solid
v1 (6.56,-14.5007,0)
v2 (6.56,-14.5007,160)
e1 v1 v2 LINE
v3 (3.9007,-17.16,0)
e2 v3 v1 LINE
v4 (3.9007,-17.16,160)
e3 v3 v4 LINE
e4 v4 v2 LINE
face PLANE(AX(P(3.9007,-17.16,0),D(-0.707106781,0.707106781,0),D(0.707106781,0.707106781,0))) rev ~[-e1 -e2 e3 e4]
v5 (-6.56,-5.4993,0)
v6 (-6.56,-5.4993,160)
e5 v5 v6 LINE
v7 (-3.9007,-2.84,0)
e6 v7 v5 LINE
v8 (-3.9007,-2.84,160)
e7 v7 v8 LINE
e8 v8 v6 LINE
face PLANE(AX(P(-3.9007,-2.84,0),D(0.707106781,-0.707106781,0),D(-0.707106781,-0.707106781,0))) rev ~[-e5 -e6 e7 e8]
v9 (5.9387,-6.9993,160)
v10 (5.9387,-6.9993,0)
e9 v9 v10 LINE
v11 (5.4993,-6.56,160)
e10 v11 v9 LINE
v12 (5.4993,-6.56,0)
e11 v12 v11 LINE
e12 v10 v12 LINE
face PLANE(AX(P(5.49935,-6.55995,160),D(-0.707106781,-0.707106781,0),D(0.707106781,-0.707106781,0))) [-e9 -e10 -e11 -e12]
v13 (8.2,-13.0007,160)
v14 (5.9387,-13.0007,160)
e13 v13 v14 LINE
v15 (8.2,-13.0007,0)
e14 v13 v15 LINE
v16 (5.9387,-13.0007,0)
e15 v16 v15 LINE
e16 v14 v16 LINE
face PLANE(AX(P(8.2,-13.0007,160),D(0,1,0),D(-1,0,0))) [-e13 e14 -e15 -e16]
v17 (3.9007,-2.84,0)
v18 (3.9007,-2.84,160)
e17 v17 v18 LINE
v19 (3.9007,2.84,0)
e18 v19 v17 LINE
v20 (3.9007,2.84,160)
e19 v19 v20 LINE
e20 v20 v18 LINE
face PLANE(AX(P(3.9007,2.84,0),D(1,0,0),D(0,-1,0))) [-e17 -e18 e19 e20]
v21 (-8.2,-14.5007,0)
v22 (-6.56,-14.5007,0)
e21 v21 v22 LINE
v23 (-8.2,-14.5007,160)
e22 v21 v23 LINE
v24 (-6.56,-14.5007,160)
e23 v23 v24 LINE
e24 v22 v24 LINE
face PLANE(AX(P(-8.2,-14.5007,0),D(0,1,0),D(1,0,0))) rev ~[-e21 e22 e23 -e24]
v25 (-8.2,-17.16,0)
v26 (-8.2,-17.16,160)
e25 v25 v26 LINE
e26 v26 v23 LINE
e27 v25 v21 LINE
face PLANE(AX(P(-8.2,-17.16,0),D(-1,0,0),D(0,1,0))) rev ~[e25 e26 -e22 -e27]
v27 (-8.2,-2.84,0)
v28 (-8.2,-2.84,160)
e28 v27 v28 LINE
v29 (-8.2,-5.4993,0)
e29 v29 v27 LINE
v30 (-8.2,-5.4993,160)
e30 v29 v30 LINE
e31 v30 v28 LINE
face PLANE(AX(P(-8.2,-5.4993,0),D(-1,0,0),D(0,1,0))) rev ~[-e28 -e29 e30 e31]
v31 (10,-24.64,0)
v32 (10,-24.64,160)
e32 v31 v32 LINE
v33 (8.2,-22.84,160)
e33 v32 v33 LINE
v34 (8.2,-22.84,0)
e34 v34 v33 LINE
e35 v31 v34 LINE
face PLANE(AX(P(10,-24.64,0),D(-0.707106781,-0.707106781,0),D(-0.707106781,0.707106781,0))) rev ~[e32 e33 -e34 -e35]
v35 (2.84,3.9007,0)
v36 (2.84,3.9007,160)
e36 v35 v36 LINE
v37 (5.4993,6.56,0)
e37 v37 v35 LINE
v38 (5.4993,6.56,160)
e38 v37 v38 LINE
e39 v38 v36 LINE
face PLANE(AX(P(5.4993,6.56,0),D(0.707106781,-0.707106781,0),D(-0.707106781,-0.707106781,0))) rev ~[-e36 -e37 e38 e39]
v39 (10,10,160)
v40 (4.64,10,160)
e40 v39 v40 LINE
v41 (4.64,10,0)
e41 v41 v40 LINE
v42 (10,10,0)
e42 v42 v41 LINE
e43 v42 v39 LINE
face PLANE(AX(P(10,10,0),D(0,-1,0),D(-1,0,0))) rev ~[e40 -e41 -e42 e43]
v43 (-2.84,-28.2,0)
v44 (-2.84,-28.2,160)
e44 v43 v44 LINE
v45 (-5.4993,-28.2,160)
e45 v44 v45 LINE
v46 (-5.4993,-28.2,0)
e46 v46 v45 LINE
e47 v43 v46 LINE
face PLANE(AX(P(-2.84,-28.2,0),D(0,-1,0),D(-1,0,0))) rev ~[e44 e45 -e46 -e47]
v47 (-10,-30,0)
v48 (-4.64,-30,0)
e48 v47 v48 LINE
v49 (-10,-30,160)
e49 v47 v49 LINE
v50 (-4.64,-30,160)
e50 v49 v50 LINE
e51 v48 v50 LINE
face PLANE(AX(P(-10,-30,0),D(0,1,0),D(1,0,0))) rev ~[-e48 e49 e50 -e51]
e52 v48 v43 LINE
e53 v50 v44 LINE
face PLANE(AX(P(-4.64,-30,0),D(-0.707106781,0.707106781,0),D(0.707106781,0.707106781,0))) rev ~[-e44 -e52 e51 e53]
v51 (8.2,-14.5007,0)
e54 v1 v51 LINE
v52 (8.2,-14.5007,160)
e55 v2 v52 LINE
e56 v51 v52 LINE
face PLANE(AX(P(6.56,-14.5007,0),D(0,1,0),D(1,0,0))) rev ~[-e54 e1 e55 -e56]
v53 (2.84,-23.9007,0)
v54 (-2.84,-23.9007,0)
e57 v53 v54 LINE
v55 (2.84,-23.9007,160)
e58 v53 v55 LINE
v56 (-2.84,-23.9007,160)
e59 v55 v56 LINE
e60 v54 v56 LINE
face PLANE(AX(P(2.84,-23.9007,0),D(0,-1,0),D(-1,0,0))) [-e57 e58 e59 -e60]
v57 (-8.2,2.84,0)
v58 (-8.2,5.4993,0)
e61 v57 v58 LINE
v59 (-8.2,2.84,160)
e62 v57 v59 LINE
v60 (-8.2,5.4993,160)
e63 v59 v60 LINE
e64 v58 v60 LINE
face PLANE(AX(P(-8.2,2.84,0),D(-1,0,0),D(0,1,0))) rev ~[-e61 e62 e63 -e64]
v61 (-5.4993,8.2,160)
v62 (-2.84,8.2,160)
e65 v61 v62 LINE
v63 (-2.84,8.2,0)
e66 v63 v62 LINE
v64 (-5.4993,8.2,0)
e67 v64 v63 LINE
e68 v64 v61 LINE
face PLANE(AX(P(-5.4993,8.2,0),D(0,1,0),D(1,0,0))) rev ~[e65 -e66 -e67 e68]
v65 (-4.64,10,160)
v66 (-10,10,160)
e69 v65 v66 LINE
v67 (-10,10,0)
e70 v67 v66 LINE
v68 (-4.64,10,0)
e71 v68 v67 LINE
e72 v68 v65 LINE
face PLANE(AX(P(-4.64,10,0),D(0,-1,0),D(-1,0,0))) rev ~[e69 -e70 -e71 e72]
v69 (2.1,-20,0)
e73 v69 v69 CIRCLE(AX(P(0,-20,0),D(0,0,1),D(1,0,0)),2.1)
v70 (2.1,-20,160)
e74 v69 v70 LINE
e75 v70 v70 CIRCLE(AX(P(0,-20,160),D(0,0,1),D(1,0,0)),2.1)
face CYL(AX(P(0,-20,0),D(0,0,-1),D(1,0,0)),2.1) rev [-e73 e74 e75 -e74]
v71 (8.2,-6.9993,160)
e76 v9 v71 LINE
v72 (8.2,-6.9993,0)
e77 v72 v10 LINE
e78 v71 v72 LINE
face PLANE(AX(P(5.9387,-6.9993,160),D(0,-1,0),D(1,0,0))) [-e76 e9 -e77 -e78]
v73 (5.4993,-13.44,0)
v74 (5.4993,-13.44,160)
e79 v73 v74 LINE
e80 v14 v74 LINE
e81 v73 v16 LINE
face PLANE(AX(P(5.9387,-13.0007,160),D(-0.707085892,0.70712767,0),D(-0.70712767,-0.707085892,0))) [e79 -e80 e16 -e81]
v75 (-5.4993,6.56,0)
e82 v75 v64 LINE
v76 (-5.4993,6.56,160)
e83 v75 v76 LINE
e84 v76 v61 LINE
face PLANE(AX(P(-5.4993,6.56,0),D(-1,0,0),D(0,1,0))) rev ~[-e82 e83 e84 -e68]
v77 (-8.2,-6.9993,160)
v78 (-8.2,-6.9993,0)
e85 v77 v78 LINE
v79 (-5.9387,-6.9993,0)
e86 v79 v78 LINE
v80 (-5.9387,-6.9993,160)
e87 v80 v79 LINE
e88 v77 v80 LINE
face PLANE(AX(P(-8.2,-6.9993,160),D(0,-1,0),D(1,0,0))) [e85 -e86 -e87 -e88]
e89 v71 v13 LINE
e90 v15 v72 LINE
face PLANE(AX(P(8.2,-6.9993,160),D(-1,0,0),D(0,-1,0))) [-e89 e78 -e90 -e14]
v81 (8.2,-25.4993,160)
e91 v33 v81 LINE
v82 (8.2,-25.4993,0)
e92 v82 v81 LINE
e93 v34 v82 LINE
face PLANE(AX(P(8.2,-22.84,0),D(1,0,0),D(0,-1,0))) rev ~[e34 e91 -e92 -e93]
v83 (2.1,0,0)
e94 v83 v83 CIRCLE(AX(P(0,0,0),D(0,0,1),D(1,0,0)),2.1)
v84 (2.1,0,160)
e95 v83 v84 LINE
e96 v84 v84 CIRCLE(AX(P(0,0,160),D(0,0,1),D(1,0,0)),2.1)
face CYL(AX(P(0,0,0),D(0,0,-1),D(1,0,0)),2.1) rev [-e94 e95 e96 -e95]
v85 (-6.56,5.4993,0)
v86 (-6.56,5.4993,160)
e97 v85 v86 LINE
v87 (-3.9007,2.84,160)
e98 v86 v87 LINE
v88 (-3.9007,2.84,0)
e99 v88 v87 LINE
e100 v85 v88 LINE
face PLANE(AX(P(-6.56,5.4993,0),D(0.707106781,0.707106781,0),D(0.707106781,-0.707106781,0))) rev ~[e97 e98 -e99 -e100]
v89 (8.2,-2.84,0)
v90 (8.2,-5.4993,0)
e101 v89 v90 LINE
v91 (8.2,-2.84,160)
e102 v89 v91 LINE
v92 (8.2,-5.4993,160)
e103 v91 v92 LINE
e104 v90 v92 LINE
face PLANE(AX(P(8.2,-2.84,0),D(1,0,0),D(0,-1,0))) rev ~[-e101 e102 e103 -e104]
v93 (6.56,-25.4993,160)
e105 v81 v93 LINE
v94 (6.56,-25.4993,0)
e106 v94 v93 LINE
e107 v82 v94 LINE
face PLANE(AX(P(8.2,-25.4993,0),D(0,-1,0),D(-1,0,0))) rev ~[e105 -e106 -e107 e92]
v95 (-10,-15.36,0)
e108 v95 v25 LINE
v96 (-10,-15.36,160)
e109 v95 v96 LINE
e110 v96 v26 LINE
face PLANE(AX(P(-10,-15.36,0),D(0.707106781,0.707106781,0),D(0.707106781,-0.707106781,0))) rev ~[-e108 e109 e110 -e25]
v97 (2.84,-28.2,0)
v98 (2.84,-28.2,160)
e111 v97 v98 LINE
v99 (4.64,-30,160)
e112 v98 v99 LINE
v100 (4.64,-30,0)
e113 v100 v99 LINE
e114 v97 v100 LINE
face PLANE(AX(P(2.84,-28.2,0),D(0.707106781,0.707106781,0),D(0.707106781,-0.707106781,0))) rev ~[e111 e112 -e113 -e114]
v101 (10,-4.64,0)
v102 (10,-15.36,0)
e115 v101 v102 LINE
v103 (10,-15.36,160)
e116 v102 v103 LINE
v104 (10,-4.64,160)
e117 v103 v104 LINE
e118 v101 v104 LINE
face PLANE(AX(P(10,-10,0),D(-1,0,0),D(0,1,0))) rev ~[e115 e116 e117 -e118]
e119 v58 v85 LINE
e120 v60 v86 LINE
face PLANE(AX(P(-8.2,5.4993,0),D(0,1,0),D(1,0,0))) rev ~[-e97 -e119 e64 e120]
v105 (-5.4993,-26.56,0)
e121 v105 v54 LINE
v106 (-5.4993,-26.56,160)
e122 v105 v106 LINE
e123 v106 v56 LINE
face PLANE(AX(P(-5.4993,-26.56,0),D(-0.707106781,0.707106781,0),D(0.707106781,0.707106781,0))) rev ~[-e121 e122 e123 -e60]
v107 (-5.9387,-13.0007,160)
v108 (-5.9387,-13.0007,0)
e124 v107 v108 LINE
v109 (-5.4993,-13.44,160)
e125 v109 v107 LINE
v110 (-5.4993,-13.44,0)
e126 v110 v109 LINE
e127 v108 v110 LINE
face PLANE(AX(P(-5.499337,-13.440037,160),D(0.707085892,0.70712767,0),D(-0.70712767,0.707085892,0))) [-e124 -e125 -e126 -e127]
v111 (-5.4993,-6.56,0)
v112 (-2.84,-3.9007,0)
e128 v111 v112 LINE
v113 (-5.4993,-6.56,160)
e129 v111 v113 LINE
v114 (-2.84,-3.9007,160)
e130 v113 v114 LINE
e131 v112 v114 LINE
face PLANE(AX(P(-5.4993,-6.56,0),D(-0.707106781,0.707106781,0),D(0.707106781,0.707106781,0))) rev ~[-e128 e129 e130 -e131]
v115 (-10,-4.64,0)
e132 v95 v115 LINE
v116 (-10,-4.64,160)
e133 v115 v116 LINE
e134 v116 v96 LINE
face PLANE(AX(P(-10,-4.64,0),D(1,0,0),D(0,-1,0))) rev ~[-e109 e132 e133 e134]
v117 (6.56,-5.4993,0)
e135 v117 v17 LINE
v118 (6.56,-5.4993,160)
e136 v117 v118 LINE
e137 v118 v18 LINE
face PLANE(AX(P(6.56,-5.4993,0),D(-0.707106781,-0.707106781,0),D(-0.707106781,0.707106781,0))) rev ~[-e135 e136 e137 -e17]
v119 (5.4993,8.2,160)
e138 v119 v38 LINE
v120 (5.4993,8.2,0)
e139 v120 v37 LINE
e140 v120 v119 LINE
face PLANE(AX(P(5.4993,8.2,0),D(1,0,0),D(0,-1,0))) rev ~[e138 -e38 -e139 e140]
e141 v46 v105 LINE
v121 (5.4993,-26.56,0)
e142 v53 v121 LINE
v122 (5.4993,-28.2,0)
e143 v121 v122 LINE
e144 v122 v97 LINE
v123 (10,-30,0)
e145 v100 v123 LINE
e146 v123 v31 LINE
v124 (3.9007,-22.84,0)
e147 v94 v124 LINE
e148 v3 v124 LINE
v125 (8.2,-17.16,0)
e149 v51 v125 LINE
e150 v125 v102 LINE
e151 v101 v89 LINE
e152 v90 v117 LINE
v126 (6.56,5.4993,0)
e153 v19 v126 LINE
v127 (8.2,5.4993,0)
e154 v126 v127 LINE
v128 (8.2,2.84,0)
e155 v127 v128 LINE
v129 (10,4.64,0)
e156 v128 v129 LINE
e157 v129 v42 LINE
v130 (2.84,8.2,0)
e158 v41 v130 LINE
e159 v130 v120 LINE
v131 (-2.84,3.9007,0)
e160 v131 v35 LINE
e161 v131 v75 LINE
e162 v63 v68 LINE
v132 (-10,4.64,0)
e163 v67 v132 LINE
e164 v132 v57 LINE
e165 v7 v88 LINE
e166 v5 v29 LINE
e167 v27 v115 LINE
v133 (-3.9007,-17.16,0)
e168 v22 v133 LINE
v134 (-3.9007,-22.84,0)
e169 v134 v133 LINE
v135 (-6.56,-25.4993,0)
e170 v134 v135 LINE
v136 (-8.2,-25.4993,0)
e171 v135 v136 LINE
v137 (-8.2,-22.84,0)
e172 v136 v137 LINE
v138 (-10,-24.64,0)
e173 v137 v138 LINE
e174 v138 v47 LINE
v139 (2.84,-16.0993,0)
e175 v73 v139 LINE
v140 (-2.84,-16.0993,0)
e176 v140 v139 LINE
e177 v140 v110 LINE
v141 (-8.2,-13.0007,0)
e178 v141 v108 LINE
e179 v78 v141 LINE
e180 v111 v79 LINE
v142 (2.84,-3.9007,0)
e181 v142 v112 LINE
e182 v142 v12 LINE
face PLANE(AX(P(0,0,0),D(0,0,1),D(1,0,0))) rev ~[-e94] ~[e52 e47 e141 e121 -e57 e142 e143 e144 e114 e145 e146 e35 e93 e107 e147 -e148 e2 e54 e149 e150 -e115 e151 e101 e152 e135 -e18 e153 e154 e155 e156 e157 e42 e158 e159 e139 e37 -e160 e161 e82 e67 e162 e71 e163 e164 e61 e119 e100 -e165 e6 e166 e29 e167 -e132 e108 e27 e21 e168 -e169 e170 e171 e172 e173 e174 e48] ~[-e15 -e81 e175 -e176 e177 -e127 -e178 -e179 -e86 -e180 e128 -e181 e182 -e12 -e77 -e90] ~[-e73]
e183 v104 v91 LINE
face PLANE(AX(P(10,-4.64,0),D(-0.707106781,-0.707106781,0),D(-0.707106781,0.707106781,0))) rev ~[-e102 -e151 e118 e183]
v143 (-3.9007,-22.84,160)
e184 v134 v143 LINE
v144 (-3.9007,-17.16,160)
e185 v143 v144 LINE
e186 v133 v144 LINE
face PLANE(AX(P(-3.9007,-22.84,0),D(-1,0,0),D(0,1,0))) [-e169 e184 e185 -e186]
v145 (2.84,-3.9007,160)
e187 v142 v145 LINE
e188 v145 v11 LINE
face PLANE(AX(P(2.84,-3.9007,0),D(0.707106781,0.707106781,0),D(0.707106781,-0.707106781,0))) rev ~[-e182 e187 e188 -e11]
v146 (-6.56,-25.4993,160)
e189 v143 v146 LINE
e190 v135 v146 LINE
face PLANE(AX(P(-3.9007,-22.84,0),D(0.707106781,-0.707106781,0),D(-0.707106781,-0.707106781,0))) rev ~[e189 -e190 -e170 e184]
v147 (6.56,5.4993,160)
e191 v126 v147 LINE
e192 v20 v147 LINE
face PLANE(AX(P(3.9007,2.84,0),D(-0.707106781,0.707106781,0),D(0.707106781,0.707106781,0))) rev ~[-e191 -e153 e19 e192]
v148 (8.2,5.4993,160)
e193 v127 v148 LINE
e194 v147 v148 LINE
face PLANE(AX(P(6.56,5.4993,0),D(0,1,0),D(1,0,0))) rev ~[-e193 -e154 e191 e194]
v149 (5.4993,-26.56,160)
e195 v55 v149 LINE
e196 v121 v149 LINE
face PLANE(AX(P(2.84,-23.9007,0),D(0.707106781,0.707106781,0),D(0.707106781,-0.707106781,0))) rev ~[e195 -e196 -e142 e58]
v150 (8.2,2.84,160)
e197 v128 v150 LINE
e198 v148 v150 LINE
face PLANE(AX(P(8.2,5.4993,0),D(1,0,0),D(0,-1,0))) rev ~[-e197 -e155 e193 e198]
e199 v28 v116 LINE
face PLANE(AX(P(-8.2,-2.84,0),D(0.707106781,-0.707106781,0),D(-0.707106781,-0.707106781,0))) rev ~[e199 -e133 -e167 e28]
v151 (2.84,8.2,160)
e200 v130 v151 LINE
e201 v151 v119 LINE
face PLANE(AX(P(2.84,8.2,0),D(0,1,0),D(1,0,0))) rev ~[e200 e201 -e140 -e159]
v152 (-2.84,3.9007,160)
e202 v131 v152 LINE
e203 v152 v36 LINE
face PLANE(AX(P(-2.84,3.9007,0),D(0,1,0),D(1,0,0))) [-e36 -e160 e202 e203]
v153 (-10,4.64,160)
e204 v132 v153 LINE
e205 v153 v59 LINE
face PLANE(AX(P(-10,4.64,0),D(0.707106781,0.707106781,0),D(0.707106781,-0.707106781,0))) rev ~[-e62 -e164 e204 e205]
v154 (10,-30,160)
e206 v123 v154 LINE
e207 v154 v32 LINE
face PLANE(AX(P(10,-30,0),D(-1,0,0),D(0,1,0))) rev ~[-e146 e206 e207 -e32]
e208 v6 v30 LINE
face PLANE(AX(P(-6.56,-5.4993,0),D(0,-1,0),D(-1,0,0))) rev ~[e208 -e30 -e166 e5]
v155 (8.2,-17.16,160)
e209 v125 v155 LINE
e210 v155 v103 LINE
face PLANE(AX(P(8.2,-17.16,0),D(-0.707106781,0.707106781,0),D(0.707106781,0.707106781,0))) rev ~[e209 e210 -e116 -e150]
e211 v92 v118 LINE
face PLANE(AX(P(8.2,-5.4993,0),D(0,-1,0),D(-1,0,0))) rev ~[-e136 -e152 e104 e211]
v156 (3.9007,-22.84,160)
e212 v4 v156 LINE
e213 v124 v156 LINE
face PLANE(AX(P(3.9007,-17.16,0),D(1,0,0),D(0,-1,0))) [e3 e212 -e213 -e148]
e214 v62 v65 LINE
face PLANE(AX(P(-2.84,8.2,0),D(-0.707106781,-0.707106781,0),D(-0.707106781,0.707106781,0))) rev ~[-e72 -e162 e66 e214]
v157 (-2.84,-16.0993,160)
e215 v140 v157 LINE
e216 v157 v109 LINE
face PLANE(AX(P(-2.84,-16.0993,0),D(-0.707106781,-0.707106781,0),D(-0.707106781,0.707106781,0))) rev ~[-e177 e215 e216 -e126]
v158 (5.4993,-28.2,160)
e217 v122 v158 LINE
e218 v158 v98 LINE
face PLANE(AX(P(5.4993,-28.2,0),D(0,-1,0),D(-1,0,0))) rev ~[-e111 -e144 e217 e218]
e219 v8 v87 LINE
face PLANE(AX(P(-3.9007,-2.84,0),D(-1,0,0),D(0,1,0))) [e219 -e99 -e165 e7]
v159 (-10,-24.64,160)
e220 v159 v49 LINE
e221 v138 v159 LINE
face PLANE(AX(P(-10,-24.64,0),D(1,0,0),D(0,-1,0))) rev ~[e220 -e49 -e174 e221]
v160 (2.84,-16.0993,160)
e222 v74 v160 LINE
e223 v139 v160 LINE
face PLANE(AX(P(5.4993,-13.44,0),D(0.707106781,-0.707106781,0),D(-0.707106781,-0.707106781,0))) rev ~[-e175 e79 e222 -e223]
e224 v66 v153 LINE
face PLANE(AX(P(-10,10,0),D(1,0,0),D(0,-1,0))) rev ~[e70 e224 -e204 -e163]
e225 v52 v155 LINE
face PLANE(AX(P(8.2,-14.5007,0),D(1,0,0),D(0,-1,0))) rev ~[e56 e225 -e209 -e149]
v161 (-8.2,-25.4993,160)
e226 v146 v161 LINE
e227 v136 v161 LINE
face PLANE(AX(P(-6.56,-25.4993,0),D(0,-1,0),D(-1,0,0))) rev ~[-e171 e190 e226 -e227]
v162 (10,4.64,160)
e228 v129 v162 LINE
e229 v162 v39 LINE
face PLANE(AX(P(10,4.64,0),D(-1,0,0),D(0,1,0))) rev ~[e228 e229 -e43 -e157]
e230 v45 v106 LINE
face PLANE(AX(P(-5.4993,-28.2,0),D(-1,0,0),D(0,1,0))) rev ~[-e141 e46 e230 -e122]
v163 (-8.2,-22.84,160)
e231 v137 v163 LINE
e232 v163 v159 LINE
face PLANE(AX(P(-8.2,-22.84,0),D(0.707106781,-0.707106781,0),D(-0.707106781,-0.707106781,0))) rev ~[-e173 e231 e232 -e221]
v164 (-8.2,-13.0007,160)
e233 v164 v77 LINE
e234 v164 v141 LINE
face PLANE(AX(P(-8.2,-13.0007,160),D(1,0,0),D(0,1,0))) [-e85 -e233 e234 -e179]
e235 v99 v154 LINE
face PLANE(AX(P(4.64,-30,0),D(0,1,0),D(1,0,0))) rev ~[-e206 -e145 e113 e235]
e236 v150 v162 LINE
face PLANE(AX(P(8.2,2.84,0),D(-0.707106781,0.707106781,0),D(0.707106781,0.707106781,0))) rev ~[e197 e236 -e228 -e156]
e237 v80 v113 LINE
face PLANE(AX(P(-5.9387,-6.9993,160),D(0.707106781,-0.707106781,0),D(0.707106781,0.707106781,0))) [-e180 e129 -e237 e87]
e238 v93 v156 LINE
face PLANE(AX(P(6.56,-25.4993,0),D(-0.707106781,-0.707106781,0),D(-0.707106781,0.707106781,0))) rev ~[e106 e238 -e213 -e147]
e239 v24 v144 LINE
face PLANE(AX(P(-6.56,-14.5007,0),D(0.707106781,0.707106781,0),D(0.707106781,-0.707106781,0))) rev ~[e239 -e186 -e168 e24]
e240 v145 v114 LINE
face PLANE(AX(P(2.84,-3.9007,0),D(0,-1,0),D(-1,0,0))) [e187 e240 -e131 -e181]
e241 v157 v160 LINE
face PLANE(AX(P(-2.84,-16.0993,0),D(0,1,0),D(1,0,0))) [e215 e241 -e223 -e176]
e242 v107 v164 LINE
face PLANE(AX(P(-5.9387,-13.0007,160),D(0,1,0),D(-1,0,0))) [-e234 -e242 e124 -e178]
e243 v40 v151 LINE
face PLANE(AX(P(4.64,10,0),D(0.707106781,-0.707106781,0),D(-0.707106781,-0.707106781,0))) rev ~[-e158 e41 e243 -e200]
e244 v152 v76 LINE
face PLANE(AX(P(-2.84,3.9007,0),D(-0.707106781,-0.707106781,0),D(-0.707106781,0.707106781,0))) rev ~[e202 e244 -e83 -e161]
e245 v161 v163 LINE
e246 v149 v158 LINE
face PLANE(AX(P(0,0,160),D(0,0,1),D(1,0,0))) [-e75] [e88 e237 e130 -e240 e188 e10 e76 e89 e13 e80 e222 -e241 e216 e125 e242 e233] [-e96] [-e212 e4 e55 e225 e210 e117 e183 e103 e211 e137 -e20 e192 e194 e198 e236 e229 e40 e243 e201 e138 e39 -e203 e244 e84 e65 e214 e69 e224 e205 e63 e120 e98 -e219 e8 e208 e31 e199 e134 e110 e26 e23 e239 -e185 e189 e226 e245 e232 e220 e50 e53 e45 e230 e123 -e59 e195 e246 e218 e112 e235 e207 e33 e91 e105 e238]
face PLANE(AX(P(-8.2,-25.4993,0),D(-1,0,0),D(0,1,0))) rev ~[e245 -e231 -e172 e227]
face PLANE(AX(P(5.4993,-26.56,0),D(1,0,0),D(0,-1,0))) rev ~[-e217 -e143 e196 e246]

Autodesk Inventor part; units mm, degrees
ref_plane "YZ Plane" through (0, 0, 0) normal (1, 0, 0) x (0, 1, 0)
ref_plane "XY Plane" through (0, 0, 0) normal (0, 0, 1) x (1, 0, 0)
sketch "Sketch1" plane through (0, 0, 0) normal (0, 0, 1) x (1, 0, 0)
  line L0 (-3.9007, 3.9007) -> (3.9007, 3.9007)
  line L1 (3.9007, 3.9007) -> (3.9007, -3.9007)
  line L2 (3.9007, -3.9007) -> (-3.9007, -3.9007)
  line L3 (-3.9007, -3.9007) -> (-3.9007, 3.9007)
  line L4 (0, 3.9007) -> (0, -3.9007) construction
  line L5 (-3.9007, 0) -> (3.9007, 0) construction
  circle A0 centre (0, 0) radius 2.1
  line L6 (0, 0) -> (-16.1173, 16.1173) construction
  line L7 (0, 0) -> (22.7933, 0) construction
  line L8 (-2.84, 3.9007) -> (-5.4993, 6.56)
  line L9 (-5.4993, 6.56) -> (-5.4993, 8.2)
  line L10 (-5.4993, 8.2) -> (-2.84, 8.2)
  line L11 (-2.84, 8.2) -> (-4.64, 10)
  line L12 (-4.64, 10) -> (-10, 10)
  line L13 (-10, 10) -> (-10, 4.64)
  line L14 (-10, 4.64) -> (-8.2, 2.84)
  line L15 (-8.2, 2.84) -> (-8.2, 5.4993)
  line L16 (-8.2, 5.4993) -> (-6.56, 5.4993)
  line L17 (-6.56, 5.4993) -> (-3.9007, 2.84)
  line L18 (-3.9007, 2.84) -> (-11.3102, 2.84) construction
  line L19 (-2.84, 3.9007) -> (-3.9007, 3.9007)
  line L20 (-3.9007, 2.84) -> (-3.9007, 3.9007)
  line L21 (-3.9007, -2.84) -> (-6.56, -5.4993)
  line L22 (-6.56, -5.4993) -> (-8.2, -5.4993)
  line L23 (-8.2, -5.4993) -> (-8.2, -2.84)
  line L24 (-8.2, -2.84) -> (-10, -4.64)
  line L25 (-10, -4.64) -> (-10, -10)
  line L26 (-10, -10) -> (-4.64, -10)
  line L27 (-4.64, -10) -> (-2.84, -8.2)
  line L28 (-2.84, -8.2) -> (-5.4993, -8.2)
  line L29 (-5.4993, -8.2) -> (-5.4993, -6.56)
  line L30 (-5.4993, -6.56) -> (-2.84, -3.9007)
  line L31 (-3.9007, -2.84) -> (-3.9007, -3.9007)
  line L32 (-2.84, -3.9007) -> (-3.9007, -3.9007)
  line L33 (2.84, -3.9007) -> (5.4993, -6.56)
  line L34 (5.4993, -6.56) -> (5.4993, -8.2)
  line L35 (5.4993, -8.2) -> (2.84, -8.2)
  line L36 (2.84, -8.2) -> (4.64, -10)
  line L37 (4.64, -10) -> (10, -10)
  line L38 (10, -10) -> (10, -4.64)
  line L39 (10, -4.64) -> (8.2, -2.84)
  line L40 (8.2, -2.84) -> (8.2, -5.4993)
  line L41 (8.2, -5.4993) -> (6.56, -5.4993)
  line L42 (6.56, -5.4993) -> (3.9007, -2.84)
  line L43 (2.84, -3.9007) -> (3.9007, -3.9007)
  line L44 (3.9007, -2.84) -> (3.9007, -3.9007)
  line L45 (3.9007, 2.84) -> (6.56, 5.4993)
  line L46 (6.56, 5.4993) -> (8.2, 5.4993)
  line L47 (8.2, 5.4993) -> (8.2, 2.84)
  line L48 (8.2, 2.84) -> (10, 4.64)
  line L49 (10, 4.64) -> (10, 10)
  line L50 (10, 10) -> (4.64, 10)
  line L51 (4.64, 10) -> (2.84, 8.2)
  line L52 (2.84, 8.2) -> (5.4993, 8.2)
  line L53 (5.4993, 8.2) -> (5.4993, 6.56)
  line L54 (5.4993, 6.56) -> (2.84, 3.9007)
  line L55 (3.9007, 2.84) -> (3.9007, 3.9007)
  line L56 (2.84, 3.9007) -> (3.9007, 3.9007)
  dimension "d7" = 4.2
  dimension "d8" = 135
  dimension "d9" = 1.5
  dimension "d10" = 1.64
  dimension "d11" = 1.8
  dimension "d12" = 2.84
  dimension "d13" = 10
  dimension "d16" = 360
extrude "Extrusion1" add sketch "Sketch1" along normal blind 160
pattern_linear "Rectangular Pattern1" count 2 spacing 20 along (0, -1, 0) of "Extrusion1"
sketch "Sketch2" plane through (0, 0, 160) normal (0, 0, 1) x (1, 0, 0)
  line L0 (8.2, -2.84) -> (8.2, -5.4993) projected
  line L1 (8.2, -5.4993) -> (6.56, -5.4993) projected
  line L2 (-6.56, -5.4993) -> (-8.2, -5.4993) projected
  line L3 (-8.2, -5.4993) -> (-8.2, -2.84) projected
  line L4 (-8.2, -14.5007) -> (-6.56, -14.5007) projected
  line L5 (6.56, -14.5007) -> (8.2, -14.5007) projected
  line L6 (5.4993, -11.8) -> (5.4993, -13.44) projected
  line L7 (5.4993, -13.44) -> (2.84, -16.0993) projected
  line L8 (-2.84, -16.0993) -> (-5.4993, -13.44) projected
  line L9 (-5.4993, -8.2) -> (-5.4993, -6.56) projected
  line L10 (-5.4993, -6.56) -> (-2.84, -3.9007) projected
  line L11 (2.84, -3.9007) -> (5.4993, -6.56) projected
  line L12 (2.84, -8.2) -> (4.64, -10) projected
  line L13 (-8.2, -6.9993) -> (-5.9387, -6.9993)
  line L14 (-5.9387, -6.9993) -> (-4.1231, -5.1837)
  line L15 (-4.1231, -5.1837) -> (4.1231, -5.1837)
  line L16 (4.1231, -5.1837) -> (5.9387, -6.9993)
  line L17 (5.9387, -6.9993) -> (8.2, -6.9993)
  line L18 (8.2, -6.9993) -> (8.2, -13.0007)
  line L19 (8.2, -13.0007) -> (5.9387, -13.0007)
  line L20 (5.9387, -13.0007) -> (4.2461, -14.6932)
  line L21 (4.2461, -14.6932) -> (-4.2461, -14.6932)
  line L22 (-4.2461, -14.6932) -> (-5.9387, -13.0007)
  line L23 (-5.9387, -13.0007) -> (-8.2, -13.0007)
  line L24 (-8.2, -13.0007) -> (-8.2, -6.9993)
  dimension "d23" = 1.5
  dimension "d24" = 1.5
  dimension "d25" = 1.5
  dimension "d26" = 1.5
extrude "Extrusion2" cut sketch "Sketch2" against normal up to next
ref_plane "Work Plane3" through (0, -20, 0) normal (0, 1, 0) x (-1, 0, 0)
ref_plane "Work Plane2" through (0, 0, 0) normal (0, 1, 0) x (-1, 0, 0)
ref_plane "Work Plane1" through (0, -10, 0) normal (0, 1, 0) x (-1, 0, 0)
equation "\"d24\" = d23"
equation "\"d25\" = d23"
equation "\"d26\" = d23"
properties part number "20x40x597mm" material "Aluminum 6061"
